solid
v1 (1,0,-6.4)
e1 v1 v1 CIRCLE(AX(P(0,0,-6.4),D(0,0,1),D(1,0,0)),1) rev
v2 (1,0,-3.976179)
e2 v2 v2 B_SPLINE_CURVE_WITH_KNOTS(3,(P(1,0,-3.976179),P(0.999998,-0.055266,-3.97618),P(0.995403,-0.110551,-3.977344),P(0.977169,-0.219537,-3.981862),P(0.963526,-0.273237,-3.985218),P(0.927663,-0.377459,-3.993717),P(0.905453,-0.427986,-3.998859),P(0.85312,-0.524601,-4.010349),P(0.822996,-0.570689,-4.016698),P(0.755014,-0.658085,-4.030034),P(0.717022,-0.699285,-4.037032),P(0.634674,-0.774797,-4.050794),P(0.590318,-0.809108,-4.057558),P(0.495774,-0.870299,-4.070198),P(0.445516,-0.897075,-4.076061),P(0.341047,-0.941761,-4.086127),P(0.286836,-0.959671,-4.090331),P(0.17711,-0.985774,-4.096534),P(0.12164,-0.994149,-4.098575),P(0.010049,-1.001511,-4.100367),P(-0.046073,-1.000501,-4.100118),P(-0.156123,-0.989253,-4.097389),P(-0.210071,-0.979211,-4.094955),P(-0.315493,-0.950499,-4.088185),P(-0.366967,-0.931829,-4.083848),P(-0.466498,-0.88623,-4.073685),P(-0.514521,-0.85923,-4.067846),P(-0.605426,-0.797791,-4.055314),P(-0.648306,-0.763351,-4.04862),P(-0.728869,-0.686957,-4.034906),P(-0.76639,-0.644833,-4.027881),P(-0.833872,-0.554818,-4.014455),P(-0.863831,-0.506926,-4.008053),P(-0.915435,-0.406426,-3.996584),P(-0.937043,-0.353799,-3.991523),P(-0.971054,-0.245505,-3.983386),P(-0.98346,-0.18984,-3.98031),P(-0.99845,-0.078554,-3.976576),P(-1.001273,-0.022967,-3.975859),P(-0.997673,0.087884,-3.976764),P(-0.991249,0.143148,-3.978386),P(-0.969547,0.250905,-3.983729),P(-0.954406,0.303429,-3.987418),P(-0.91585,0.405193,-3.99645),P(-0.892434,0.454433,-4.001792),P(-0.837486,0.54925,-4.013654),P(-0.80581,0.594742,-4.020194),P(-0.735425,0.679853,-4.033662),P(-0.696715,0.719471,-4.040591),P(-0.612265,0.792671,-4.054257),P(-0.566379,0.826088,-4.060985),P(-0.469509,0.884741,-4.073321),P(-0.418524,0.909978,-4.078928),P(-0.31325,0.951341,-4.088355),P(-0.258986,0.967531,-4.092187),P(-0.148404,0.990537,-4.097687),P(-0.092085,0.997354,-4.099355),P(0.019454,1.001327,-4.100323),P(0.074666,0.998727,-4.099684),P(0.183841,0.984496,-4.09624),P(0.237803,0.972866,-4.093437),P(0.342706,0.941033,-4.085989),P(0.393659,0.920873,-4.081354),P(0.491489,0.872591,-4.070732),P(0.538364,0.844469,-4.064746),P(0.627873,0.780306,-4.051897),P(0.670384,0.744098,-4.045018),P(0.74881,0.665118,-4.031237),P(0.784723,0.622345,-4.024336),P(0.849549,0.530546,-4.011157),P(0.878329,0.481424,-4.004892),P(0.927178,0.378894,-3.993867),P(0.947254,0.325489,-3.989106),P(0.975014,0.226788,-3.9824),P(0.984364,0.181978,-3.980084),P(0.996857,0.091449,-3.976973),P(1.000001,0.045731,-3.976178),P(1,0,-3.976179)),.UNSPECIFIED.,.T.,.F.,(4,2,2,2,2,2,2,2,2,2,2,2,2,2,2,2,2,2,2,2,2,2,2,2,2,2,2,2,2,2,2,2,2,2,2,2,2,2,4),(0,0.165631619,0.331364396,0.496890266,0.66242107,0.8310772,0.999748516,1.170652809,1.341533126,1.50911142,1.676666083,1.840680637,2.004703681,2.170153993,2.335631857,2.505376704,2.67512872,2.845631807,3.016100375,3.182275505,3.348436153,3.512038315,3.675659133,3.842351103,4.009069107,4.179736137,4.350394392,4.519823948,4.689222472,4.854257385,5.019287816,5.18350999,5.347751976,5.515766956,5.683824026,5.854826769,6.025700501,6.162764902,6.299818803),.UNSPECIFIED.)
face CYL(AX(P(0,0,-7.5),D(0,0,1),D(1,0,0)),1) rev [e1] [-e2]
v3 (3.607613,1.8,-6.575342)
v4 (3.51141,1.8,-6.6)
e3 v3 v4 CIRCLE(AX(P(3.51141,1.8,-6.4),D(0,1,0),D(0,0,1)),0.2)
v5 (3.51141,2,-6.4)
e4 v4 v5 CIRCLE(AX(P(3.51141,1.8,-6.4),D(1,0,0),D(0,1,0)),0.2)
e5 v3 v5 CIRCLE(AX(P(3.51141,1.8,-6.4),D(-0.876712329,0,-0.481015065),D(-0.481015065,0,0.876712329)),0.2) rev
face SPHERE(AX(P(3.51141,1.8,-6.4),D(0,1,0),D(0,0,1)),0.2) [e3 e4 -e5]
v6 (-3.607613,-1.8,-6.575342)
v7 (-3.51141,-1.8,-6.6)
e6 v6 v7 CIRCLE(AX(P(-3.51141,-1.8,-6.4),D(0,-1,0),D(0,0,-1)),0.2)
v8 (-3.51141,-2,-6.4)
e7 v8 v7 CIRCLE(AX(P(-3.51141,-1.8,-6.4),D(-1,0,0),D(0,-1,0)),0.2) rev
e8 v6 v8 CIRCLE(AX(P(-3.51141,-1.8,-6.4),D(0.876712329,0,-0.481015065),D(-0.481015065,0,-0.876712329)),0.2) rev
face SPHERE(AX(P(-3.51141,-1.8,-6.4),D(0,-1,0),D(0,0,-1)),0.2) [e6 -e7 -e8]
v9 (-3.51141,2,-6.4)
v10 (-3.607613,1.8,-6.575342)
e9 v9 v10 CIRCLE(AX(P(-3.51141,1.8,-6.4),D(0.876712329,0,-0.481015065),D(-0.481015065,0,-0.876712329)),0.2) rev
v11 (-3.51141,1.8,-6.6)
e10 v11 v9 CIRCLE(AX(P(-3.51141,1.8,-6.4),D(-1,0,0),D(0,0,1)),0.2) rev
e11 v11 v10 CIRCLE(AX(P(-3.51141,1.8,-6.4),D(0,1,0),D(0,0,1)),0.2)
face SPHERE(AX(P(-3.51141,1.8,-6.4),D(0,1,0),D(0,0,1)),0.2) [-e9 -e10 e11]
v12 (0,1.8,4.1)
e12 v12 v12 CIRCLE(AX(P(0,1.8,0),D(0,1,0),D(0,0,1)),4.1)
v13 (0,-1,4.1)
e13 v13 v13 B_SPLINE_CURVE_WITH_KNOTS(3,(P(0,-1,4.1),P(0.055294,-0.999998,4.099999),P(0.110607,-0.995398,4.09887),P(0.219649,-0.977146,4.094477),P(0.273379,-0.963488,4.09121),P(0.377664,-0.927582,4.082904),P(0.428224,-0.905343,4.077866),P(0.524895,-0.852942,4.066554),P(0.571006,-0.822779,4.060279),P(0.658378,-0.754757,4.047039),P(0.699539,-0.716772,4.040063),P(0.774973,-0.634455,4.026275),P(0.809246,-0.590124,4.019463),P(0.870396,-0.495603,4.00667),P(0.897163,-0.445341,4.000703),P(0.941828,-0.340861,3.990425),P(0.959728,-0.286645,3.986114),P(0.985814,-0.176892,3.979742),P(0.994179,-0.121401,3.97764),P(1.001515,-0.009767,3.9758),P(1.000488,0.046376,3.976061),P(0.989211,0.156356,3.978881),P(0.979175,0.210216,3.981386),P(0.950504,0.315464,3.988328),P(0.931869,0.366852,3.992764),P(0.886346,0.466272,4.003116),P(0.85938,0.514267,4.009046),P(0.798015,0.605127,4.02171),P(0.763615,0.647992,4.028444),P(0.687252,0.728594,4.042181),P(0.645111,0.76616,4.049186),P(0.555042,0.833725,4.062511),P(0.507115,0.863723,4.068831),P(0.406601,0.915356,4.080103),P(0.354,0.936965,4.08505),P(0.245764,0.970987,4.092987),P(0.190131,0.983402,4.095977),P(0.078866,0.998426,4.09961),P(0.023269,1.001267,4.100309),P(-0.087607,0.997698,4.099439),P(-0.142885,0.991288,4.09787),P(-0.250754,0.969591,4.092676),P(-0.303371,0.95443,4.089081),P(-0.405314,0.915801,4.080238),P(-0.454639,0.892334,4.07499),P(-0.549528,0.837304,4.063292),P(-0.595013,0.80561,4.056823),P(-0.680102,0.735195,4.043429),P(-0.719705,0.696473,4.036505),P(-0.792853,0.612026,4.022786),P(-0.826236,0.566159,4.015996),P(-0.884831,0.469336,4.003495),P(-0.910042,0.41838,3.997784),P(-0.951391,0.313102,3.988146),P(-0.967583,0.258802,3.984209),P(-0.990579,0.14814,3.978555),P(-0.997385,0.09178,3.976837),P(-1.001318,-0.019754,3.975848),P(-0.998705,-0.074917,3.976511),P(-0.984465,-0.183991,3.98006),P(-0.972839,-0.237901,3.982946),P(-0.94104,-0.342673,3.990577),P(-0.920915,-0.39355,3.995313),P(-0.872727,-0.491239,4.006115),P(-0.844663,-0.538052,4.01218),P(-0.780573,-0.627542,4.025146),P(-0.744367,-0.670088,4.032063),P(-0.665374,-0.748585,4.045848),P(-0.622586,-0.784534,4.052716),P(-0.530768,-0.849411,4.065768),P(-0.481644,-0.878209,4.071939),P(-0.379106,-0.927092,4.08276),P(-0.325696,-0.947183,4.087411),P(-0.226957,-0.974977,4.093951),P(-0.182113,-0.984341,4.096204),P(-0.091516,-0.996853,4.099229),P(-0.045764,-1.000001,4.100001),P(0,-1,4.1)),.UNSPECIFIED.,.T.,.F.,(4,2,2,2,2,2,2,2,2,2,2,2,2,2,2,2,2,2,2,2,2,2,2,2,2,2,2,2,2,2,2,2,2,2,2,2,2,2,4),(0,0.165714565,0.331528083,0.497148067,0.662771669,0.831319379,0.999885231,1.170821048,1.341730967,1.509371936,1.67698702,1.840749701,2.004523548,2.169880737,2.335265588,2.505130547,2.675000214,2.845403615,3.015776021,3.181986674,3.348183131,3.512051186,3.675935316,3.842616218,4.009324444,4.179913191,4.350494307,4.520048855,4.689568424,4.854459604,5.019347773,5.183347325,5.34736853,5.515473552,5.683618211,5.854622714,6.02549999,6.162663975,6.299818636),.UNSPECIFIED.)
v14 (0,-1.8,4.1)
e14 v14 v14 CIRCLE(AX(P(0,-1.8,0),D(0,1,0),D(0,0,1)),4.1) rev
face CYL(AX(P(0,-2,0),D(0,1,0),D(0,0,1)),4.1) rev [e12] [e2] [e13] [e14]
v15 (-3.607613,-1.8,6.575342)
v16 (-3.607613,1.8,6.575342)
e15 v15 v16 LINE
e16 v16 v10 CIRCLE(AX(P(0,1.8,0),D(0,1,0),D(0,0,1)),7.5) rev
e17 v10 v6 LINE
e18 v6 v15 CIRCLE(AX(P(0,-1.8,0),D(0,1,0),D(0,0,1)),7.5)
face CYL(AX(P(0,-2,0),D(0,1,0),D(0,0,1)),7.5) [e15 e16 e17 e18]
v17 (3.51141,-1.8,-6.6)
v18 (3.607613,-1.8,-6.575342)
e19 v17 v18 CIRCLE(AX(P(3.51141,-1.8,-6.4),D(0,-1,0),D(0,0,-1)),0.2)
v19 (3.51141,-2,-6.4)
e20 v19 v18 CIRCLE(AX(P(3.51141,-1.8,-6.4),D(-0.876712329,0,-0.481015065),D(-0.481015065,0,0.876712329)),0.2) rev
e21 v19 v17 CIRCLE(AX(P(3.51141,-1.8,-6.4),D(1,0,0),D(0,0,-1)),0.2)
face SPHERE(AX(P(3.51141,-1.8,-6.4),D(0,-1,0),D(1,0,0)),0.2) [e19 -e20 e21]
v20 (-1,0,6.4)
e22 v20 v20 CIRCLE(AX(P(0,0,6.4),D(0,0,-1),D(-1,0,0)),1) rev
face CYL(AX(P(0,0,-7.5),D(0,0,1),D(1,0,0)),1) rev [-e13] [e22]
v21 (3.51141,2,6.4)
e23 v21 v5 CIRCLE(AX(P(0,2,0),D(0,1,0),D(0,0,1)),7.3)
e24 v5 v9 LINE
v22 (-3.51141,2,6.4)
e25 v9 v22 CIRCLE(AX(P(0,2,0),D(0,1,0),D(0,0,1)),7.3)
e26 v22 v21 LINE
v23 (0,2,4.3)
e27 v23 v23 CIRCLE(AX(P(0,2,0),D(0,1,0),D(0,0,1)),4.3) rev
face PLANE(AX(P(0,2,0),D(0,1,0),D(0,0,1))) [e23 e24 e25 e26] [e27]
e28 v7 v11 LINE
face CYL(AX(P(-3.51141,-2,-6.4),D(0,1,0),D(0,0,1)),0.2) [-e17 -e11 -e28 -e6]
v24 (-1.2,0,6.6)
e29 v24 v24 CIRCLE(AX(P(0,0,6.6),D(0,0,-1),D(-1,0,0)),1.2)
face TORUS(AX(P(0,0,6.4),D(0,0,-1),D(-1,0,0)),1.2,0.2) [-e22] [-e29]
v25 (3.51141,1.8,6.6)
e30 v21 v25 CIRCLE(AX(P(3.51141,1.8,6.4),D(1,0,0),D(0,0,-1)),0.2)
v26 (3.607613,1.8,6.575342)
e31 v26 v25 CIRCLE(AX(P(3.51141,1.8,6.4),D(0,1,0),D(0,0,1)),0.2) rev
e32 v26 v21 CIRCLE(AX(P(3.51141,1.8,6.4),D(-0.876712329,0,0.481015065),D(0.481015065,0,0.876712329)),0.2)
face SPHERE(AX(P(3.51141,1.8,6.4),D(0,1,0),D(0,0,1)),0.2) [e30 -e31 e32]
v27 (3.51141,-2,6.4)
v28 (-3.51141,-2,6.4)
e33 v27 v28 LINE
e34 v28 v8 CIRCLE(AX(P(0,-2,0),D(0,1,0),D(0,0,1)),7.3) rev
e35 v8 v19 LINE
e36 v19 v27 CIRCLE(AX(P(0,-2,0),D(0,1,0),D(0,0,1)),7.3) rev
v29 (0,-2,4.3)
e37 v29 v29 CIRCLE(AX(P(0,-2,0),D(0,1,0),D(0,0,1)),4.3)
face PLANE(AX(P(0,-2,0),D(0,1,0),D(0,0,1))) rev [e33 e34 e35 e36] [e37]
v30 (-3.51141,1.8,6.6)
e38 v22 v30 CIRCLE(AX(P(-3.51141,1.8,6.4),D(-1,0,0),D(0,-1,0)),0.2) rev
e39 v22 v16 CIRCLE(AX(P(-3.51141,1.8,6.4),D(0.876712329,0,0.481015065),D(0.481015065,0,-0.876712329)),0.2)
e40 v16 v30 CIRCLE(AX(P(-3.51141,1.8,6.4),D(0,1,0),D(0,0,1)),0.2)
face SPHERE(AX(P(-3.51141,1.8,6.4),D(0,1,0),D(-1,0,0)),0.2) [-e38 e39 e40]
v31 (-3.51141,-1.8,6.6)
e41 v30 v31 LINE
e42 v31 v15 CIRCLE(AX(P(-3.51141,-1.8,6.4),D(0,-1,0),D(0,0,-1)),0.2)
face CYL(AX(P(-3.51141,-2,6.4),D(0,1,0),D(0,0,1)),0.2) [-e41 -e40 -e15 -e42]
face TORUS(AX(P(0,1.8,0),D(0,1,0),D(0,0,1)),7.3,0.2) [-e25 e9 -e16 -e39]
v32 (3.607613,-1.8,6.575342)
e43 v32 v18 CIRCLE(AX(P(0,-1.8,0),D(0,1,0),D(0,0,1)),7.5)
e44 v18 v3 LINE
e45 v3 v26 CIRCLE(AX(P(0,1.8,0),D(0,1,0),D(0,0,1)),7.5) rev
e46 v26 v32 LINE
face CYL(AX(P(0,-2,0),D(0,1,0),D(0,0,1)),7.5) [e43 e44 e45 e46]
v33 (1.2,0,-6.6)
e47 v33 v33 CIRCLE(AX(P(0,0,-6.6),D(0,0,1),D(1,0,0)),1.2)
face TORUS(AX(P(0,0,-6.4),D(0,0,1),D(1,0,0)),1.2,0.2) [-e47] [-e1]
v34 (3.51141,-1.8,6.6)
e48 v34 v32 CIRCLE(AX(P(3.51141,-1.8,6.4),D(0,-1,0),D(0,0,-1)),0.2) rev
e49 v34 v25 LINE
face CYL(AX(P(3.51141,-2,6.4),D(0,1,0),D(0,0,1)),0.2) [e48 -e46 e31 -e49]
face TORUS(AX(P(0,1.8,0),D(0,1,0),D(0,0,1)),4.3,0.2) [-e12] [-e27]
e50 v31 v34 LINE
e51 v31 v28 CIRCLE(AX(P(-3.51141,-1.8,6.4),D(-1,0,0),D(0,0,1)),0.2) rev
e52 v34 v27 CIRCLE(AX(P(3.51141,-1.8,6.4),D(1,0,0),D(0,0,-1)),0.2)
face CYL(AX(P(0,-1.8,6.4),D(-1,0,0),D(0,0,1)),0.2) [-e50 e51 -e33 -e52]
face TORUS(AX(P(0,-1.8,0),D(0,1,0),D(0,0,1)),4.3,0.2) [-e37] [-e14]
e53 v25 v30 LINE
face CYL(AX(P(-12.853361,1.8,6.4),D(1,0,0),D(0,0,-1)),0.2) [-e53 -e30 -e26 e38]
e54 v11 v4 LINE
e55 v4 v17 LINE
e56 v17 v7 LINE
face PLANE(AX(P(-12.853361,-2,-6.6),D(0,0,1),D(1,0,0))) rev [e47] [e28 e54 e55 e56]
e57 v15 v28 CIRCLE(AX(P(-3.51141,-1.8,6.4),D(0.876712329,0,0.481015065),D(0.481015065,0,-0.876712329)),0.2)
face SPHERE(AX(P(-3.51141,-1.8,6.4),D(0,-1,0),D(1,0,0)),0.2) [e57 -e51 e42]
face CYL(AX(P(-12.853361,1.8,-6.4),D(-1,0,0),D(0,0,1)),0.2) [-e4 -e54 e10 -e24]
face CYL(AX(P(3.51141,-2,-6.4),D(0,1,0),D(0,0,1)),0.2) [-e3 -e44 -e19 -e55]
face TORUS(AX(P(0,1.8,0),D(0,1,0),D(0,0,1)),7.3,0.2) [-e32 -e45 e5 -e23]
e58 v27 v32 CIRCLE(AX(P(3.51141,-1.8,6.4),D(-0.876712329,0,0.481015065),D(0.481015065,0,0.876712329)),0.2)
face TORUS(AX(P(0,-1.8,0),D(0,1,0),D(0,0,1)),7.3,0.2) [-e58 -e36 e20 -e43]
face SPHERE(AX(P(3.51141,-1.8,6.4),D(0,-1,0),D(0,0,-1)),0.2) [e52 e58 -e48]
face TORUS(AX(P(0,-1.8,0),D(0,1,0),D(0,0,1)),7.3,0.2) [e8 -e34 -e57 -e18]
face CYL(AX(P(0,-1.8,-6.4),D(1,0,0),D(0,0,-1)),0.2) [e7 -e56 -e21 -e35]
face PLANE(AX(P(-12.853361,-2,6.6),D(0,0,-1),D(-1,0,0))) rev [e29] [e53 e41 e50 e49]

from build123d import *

# Parameters (mm, degrees)
EXTRUDE_1_DEPTH          = 2
EXTRUDE_1_DEPTH_BACK     = 2
SKETCH_1_R               = 7.5
SKETCH_1_R_2             = 4.1
CUT_EXTRUDE_1_DEPTH      = 11.793516572
CUT_EXTRUDE_1_DEPTH_BACK = 11.793516572
SKETCH_2_R               = 1
SKETCH_3_W               = 25.706722618
SKETCH_3_H               = 2.806509832
CUT_EXTRUDE_2_DEPTH      = 12.335784227
FILLET_1_R               = 0.2


with BuildPart() as part:
    # 草图1 → 凸台-拉伸1 (new, two sides: drawn at the far end of the back side and taken through both)
    with BuildSketch(Plane(origin=(0, 0, 0), x_dir=(1, 0, 0), z_dir=(0, 1, 0)).offset(-EXTRUDE_1_DEPTH_BACK)):
        Circle(SKETCH_1_R)
        Circle(SKETCH_1_R_2, mode=Mode.SUBTRACT)
    extrude(amount=EXTRUDE_1_DEPTH + EXTRUDE_1_DEPTH_BACK)

    # 草图2 → 切除-拉伸1 (cut, two sides: drawn at the far end of the back side and taken through both)
    with BuildSketch(Plane.XY.offset(-CUT_EXTRUDE_1_DEPTH_BACK)):
        Circle(SKETCH_2_R)
    extrude(amount=CUT_EXTRUDE_1_DEPTH + CUT_EXTRUDE_1_DEPTH_BACK, mode=Mode.SUBTRACT)

    # 草图3 → 切除-拉伸2 (cut, through all)
    with BuildSketch(Plane(origin=(0, 2, 0), x_dir=(1, 0, 0), z_dir=(0, 1, 0))):
        with Locations((0, 8.003254916)):
            Rectangle(SKETCH_3_W, SKETCH_3_H)
        with Locations((0, -8.003254916)):
            Rectangle(SKETCH_3_W, SKETCH_3_H)
    extrude(amount=-CUT_EXTRUDE_2_DEPTH, mode=Mode.SUBTRACT)

    # 圆角1
    fillet_1_edges = [part.edges().sort_by_distance(p)[0] for p in [
        (-4.1, 2, 0),
        (-4.1, -2, 0),
        (7.5, 2, 0),
        (0, 2, 6.6),
        (-7.5, 2, 0),
        (0, 2, -6.6),
        (0, -2, 6.6),
        (7.5, -2, 0),
        (0, -2, -6.6),
        (-7.5, -2, 0),
        (-1, 0, 6.6),
        (3.562302626, 0, 6.6),
        (-3.562302626, 0, 6.6),
        (-1, 0, -6.6),
        (-3.562302626, 0, -6.6),
        (3.562302626, 0, -6.6),
    ]]
    fillet(fillet_1_edges, radius=FILLET_1_R)


solid = part.part
